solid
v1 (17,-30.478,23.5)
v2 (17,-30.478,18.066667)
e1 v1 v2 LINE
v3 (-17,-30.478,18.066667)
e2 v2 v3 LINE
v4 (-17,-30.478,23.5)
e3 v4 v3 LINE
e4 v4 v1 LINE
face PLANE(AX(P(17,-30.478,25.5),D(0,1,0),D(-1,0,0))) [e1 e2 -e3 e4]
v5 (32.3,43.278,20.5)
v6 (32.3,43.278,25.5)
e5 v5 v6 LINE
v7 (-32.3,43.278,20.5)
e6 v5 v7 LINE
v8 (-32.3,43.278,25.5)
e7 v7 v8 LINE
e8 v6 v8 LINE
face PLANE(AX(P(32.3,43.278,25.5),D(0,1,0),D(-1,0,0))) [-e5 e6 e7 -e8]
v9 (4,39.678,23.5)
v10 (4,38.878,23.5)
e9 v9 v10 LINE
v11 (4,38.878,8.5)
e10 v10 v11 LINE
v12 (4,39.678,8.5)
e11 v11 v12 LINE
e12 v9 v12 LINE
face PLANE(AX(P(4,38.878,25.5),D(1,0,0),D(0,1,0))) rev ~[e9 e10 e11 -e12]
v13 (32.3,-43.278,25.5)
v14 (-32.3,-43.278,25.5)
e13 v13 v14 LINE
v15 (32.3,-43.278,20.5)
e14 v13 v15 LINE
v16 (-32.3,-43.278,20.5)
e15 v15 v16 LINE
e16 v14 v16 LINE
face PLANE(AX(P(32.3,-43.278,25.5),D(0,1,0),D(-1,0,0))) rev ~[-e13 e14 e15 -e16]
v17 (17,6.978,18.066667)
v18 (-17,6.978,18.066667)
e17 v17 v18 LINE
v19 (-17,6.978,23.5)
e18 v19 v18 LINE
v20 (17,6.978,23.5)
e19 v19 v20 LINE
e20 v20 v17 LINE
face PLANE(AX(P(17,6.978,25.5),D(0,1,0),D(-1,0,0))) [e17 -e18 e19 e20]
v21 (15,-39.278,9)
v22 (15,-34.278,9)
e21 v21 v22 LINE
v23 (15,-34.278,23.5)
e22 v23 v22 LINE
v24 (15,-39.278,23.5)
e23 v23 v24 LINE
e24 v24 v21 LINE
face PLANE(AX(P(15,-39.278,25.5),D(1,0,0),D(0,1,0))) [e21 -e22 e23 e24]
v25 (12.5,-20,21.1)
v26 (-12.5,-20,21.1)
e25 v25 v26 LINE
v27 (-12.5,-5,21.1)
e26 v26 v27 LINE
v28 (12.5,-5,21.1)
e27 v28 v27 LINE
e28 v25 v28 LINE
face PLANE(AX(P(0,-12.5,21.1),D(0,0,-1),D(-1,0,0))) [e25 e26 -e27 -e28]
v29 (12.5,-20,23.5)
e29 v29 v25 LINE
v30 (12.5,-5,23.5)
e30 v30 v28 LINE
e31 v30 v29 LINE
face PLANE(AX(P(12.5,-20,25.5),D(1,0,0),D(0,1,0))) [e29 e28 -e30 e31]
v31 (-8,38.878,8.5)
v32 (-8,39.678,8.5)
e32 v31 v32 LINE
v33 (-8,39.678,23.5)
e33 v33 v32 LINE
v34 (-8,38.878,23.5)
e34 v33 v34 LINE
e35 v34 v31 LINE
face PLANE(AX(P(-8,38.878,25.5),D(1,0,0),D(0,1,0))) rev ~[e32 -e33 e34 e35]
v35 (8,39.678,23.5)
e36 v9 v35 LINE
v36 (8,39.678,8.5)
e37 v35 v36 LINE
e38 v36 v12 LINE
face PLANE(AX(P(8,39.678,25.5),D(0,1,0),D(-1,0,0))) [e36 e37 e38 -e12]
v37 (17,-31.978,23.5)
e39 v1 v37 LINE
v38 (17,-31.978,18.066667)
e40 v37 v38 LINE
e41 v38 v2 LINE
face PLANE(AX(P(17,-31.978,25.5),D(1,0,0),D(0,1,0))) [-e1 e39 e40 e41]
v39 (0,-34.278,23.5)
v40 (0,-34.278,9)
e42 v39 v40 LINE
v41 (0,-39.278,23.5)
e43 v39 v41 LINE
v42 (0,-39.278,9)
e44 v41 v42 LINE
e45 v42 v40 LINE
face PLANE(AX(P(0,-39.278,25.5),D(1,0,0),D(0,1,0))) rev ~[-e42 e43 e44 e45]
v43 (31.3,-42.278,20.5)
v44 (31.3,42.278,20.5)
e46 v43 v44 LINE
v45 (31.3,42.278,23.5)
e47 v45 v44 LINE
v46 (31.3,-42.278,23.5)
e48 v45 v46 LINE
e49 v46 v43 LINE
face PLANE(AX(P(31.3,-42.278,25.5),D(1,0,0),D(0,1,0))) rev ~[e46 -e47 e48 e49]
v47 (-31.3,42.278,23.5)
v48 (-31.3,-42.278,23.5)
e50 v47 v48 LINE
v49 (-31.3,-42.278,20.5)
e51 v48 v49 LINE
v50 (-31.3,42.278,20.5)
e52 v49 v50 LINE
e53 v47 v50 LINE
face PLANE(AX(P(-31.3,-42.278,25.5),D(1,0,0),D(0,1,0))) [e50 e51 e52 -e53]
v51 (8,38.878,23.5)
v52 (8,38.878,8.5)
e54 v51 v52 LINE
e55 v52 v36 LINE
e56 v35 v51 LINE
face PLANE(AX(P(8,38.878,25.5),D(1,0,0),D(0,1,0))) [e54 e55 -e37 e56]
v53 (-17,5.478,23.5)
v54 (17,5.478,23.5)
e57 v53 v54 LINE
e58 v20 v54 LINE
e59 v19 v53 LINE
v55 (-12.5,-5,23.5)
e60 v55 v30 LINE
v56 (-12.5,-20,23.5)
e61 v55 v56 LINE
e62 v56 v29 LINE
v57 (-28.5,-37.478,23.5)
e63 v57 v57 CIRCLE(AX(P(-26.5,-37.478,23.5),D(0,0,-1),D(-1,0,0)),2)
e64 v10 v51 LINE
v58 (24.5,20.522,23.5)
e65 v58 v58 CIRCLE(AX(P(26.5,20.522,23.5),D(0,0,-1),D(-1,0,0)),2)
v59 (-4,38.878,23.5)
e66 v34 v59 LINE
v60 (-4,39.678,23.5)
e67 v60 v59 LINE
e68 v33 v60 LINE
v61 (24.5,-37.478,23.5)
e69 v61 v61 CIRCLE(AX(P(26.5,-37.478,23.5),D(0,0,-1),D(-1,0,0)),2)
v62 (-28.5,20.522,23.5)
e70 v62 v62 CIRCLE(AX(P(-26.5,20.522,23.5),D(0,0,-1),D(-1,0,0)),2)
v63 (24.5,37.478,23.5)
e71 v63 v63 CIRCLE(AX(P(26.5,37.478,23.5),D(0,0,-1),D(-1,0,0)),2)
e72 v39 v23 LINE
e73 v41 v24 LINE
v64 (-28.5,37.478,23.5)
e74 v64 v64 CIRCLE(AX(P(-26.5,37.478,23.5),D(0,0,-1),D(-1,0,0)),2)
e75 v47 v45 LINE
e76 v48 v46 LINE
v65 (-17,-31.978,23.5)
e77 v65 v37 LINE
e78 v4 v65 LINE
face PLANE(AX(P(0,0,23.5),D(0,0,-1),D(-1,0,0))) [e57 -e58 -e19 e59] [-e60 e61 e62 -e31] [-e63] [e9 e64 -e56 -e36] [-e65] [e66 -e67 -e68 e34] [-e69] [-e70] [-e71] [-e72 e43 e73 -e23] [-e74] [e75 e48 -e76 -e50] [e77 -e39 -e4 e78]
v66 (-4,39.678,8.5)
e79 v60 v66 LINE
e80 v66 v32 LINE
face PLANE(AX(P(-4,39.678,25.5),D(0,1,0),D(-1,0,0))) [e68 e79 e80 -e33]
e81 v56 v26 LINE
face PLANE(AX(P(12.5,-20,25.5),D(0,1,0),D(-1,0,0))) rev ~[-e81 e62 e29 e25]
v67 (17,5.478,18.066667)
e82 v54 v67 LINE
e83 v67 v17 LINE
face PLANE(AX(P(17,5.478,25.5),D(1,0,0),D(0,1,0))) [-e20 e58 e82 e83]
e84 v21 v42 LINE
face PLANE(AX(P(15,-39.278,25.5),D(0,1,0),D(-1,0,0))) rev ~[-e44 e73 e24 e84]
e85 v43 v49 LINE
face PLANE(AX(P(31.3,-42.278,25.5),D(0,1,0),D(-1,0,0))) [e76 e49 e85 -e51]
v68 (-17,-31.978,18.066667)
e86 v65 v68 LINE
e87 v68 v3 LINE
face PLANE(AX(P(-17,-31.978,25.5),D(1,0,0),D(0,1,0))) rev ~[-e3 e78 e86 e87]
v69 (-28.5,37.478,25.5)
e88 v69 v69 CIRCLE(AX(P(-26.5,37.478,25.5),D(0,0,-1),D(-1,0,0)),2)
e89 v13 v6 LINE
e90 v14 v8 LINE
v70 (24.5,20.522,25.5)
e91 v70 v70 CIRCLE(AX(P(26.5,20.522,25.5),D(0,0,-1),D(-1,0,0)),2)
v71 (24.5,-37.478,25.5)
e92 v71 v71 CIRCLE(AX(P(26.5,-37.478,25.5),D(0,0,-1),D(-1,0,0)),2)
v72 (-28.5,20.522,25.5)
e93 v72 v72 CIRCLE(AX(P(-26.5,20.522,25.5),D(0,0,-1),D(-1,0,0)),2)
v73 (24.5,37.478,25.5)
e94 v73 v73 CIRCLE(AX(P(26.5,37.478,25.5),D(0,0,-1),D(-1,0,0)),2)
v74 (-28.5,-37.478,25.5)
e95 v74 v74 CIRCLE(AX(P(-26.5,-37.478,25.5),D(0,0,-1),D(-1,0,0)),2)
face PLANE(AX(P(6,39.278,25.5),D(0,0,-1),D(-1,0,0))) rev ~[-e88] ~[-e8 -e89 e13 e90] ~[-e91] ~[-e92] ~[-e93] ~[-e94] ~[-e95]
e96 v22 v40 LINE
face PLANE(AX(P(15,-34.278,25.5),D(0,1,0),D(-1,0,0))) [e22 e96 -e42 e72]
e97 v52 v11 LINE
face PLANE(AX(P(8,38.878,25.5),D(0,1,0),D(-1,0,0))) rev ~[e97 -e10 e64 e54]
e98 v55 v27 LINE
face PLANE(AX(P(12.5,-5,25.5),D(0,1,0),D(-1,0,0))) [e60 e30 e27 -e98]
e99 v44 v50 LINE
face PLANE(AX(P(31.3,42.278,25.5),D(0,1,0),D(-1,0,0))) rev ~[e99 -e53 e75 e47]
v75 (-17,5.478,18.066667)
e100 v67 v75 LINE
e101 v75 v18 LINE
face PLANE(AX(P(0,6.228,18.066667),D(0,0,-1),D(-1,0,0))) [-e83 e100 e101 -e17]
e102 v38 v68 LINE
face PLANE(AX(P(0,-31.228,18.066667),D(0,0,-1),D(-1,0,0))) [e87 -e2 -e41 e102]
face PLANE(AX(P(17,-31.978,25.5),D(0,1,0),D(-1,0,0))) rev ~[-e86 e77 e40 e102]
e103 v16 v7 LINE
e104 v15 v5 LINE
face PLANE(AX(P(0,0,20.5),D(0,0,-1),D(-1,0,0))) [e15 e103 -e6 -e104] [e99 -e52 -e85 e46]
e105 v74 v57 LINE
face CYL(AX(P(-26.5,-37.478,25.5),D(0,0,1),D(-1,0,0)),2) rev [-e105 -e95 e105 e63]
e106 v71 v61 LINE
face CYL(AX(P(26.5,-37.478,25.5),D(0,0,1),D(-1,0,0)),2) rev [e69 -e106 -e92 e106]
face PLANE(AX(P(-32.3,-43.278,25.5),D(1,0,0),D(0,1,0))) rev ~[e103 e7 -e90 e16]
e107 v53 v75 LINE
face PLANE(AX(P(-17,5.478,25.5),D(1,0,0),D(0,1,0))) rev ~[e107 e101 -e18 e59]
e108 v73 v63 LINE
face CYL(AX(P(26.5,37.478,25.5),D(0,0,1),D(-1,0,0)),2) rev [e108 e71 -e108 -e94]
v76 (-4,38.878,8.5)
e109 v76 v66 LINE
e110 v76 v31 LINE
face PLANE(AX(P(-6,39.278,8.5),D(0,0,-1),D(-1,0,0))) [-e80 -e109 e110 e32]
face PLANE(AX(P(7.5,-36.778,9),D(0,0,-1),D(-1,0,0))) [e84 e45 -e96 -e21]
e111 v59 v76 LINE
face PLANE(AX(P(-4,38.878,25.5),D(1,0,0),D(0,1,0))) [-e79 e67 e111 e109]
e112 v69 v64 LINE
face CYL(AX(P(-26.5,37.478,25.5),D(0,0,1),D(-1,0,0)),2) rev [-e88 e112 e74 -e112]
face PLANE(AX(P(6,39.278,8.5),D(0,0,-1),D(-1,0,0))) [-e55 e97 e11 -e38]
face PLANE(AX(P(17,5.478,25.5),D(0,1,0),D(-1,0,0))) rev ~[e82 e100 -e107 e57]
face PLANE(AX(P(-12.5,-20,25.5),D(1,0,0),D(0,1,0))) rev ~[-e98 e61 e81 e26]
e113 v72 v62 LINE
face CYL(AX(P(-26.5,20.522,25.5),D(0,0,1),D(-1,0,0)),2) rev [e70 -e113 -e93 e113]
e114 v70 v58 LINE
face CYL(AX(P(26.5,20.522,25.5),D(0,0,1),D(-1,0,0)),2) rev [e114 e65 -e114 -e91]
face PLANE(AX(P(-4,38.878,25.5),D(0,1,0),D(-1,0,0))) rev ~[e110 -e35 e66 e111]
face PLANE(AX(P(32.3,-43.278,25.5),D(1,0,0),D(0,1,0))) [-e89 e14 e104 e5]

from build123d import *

# Parameters (mm, degrees)
SKETCH014_W             = 64.6
SKETCH014_H             = 86.556
PAD009_DEPTH            = 2
SKETCH015_W             = 64.6
SKETCH015_H             = 86.556
SKETCH015_W_2           = 62.6
SKETCH015_H_2           = 84.556
PAD010_DEPTH            = 5
SKETCH016_W             = 34
SKETCH016_H             = 1.5
PAD011_DEPTH            = 7.433333
SKETCH017_W             = 25
SKETCH017_H             = 15
PAD012_DEPTH            = 4.4
SKETCH018_R             = 2
POCKET005_DEPTH         = 2
SKETCH021_W             = 15
SKETCH021_H             = 5
PAD015_DEPTH            = 16.5
SKETCH022_W             = 4
SKETCH022_H             = 0.8
PAD016_DEPTH            = 17
BODY003_PLACEMENT_ANGLE = 180


with BuildPart() as part:
    # Sketch014 → Pad009 (new body)
    with BuildSketch(Plane.XY):
        Rectangle(SKETCH014_W, SKETCH014_H)
    extrude(amount=PAD009_DEPTH)

    # Sketch015 → Pad010 (join)
    with BuildSketch(Plane.XY):
        Rectangle(SKETCH015_W, SKETCH015_H)
        Rectangle(SKETCH015_W_2, SKETCH015_H_2, mode=Mode.SUBTRACT)
    extrude(amount=PAD010_DEPTH)

    # Sketch016 → Pad011 (join)
    with BuildSketch(Plane.XY):
        with Locations((0, 6.228)):
            Rectangle(SKETCH016_W, SKETCH016_H)
        with Locations((0, -31.228)):
            Rectangle(SKETCH016_W, SKETCH016_H)
    extrude(amount=PAD011_DEPTH)

    # Sketch017 → Pad012 (join)
    with BuildSketch(Plane.XY):
        with Locations((0, -12.5)):
            Rectangle(SKETCH017_W, SKETCH017_H)
    extrude(amount=PAD012_DEPTH)

    # Sketch018 → Pocket005 (cut)
    with BuildSketch(Plane.XY):
        with Locations((-26.5, 37.478)):
            Circle(SKETCH018_R)
        with Locations((-26.5, -37.478)):
            Circle(SKETCH018_R)
        with Locations((-26.5, 20.522)):
            Circle(SKETCH018_R)
        with Locations((26.5, 37.478)):
            Circle(SKETCH018_R)
        with Locations((26.5, 20.522)):
            Circle(SKETCH018_R)
        with Locations((26.5, -37.478)):
            Circle(SKETCH018_R)
    extrude(amount=POCKET005_DEPTH, mode=Mode.SUBTRACT)

    # Sketch021 → Pad015 (join)
    with BuildSketch(Plane.XY):
        with Locations((-7.5, -36.778)):
            Rectangle(SKETCH021_W, SKETCH021_H)
    extrude(amount=PAD015_DEPTH)

    # Sketch022 → Pad016 (join)
    with BuildSketch(Plane.XY):
        with Locations((-6, 39.278)):
            Rectangle(SKETCH022_W, SKETCH022_H)
        with Locations((6, 39.278)):
            Rectangle(SKETCH022_W, SKETCH022_H)
    extrude(amount=PAD016_DEPTH)


with BuildPart() as part_1:
    # Body003 placement: moved
    add(part.part.moved(Location((0, 0, 25.5))).rotate(Axis((0, 0, 25.5), (0, 1, 0)), BODY003_PLACEMENT_ANGLE))


solid = part_1.part
